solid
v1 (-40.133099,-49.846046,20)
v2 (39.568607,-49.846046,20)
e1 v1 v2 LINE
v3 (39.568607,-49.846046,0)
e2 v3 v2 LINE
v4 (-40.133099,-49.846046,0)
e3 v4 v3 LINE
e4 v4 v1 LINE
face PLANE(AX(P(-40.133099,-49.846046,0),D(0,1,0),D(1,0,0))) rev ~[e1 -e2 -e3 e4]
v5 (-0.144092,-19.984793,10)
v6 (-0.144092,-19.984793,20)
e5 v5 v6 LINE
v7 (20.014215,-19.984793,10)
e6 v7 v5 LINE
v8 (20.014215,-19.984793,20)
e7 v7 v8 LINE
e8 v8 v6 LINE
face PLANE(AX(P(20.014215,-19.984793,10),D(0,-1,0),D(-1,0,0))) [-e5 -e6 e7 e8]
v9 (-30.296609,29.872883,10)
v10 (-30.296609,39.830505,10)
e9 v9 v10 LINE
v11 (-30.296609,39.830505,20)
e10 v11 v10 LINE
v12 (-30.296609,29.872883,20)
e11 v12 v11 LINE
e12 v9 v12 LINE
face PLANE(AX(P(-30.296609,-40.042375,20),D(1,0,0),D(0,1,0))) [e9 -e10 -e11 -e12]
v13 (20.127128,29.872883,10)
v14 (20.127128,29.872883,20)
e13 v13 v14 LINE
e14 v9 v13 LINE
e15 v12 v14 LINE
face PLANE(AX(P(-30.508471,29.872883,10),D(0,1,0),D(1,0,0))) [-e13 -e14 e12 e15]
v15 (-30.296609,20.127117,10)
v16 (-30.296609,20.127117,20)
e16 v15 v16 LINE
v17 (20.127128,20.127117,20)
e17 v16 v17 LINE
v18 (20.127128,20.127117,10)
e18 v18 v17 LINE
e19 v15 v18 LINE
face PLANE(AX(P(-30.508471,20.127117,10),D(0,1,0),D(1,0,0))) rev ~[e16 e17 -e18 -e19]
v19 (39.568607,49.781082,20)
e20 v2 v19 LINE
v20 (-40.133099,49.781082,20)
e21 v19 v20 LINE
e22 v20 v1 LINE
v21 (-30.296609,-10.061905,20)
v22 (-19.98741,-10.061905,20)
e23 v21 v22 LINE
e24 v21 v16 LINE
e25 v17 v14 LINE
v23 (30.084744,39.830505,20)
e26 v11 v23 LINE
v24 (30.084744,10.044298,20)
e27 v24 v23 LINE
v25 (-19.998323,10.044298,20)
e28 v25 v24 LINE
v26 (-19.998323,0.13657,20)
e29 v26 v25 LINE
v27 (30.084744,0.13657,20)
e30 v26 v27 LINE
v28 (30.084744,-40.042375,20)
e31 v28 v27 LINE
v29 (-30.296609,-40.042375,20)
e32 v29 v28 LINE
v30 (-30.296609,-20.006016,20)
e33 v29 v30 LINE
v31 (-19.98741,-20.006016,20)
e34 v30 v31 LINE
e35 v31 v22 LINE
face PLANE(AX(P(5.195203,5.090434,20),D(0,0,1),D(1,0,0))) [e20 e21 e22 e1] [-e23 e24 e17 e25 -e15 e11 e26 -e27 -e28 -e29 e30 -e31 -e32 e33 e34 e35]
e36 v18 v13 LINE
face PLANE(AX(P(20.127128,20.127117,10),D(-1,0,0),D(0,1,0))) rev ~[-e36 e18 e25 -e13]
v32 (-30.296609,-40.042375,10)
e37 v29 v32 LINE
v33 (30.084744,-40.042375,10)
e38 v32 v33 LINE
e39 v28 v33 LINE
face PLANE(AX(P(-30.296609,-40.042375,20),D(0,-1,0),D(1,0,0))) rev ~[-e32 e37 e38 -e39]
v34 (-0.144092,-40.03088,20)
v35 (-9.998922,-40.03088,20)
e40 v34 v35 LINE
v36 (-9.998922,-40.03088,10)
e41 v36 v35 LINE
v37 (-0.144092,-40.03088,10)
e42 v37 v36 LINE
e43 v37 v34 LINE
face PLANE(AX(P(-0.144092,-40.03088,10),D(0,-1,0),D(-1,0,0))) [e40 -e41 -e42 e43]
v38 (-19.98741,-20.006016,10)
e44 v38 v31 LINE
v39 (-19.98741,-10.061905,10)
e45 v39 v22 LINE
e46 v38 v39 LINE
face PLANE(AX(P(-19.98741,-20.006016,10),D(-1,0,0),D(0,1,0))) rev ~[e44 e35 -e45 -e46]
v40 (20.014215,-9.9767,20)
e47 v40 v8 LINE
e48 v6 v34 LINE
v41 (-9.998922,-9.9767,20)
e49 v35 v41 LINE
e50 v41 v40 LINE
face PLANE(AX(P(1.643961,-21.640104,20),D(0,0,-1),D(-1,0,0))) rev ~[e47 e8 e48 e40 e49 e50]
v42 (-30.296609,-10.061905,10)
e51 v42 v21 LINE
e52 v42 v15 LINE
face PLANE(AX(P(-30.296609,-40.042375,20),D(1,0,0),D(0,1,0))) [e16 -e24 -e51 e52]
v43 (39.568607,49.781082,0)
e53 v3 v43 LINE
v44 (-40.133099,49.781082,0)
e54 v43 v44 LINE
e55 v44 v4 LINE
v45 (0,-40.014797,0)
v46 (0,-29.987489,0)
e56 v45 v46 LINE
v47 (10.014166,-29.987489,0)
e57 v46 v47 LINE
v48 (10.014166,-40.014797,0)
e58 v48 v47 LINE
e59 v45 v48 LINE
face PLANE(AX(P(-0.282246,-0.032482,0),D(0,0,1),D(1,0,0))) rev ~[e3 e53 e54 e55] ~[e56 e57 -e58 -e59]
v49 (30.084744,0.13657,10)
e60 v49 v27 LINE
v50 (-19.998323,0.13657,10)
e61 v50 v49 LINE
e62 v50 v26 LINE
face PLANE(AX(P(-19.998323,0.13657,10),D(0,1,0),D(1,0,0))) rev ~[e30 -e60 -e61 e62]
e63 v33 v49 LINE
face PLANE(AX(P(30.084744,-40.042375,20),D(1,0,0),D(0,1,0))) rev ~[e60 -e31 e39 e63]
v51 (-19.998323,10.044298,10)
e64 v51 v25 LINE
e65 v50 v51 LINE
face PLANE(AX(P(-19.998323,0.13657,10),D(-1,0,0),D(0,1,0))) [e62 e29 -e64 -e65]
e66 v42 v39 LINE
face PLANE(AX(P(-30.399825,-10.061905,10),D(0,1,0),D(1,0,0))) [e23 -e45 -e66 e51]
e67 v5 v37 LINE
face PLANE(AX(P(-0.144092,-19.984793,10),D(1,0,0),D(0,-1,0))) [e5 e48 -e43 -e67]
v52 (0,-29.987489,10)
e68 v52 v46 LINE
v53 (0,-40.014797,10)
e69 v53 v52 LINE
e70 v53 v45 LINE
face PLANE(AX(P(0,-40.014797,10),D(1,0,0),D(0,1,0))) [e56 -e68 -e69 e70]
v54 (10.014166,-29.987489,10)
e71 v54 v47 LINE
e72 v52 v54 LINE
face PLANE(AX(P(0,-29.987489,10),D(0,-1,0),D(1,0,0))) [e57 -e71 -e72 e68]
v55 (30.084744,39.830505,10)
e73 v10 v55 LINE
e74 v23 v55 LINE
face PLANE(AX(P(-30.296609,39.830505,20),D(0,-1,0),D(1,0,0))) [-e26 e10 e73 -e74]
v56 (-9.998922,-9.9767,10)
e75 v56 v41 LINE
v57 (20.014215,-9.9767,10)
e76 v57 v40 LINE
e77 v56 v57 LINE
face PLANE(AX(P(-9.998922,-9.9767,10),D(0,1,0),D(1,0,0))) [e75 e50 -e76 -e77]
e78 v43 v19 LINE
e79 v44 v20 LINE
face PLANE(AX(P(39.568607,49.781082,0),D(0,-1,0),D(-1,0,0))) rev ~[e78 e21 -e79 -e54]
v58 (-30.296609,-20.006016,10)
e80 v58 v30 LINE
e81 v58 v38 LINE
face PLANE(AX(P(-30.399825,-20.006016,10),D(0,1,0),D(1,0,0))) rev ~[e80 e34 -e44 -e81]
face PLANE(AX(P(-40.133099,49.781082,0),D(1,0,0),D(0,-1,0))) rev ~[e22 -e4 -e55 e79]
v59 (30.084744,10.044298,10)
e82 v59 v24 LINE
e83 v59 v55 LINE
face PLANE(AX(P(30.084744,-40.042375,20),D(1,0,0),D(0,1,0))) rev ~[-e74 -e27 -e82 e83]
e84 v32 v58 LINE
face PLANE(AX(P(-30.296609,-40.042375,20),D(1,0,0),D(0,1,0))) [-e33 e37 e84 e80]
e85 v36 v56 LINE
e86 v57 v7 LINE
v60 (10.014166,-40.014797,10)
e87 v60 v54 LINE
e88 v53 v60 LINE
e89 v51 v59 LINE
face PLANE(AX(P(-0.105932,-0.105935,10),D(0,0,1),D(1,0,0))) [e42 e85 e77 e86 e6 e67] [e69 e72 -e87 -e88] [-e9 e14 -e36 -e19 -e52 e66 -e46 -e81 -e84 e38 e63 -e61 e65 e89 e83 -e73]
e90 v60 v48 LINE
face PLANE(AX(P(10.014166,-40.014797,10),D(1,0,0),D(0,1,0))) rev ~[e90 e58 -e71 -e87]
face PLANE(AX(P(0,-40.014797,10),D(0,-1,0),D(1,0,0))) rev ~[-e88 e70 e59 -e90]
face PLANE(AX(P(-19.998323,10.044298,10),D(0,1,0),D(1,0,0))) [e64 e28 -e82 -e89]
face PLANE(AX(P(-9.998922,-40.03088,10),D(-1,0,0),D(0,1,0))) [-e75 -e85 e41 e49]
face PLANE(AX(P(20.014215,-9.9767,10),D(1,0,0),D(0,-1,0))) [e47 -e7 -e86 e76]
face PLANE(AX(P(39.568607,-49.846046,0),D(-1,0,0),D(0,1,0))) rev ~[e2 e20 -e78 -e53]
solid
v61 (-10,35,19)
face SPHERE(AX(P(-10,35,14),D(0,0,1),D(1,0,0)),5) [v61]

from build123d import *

# Parameters (mm, degrees)
PAD_DEPTH       = 20
SKETCH001_W     = 60.381353
SKETCH001_H     = 79.872879
POCKET_DEPTH    = 10
SKETCH002_W     = 50.635599
SKETCH002_H     = 9.745766
PAD001_DEPTH    = 10
SKETCH003_W     = 50.387052
SKETCH003_H     = 9.907728
PAD002_DEPTH    = 10
SKETCH004_W     = 10.412415
SKETCH004_H     = 9.944111
PAD003_DEPTH    = 10
PAD004_DEPTH    = 10
SKETCH006_W     = 10.014166
SKETCH006_H     = 10.027307
POCKET001_DEPTH = 10.001


with BuildPart() as body:
    # Sketch → Pad (new body)
    with BuildSketch(Plane.XY):
        Polygon((0, 49.781082), (-40.133099, 49.781082), (-40.133099, -49.846046), (39.568607, -49.846046), (39.568607, 49.781082), align=None)
    extrude(amount=PAD_DEPTH)

    # Sketch001 (on Face7 of Pad) → Pocket (cut)
    with BuildSketch(Plane.XY.offset(20)):
        with Locations((-0.105932, -0.105935)):
            Rectangle(SKETCH001_W, SKETCH001_H)
    extrude(amount=-POCKET_DEPTH, mode=Mode.SUBTRACT)

    # Sketch002 (on Face12 of Pocket) → Pad001 (join)
    with BuildSketch(Plane.XY.offset(10)):
        with Locations((-5.190672, 25)):
            Rectangle(SKETCH002_W, SKETCH002_H)
    extrude(amount=PAD001_DEPTH)

    # Sketch003 (on Face15 of Pad001) → Pad002 (join)
    with BuildSketch(Plane.XY.offset(10)):
        with Locations((5.195203, 5.090434)):
            Rectangle(SKETCH003_W, SKETCH003_H)
    extrude(amount=PAD002_DEPTH)

    # Sketch004 (on Face17 of Pad002) → Pad003 (join)
    with BuildSketch(Plane.XY.offset(10)):
        with Locations((-25.193618, -15.03396)):
            Rectangle(SKETCH004_W, SKETCH004_H)
    extrude(amount=PAD003_DEPTH)

    # Sketch005 (on Face19 of Pad003) → Pad004 (join)
    with BuildSketch(Plane.XY.offset(10)):
        Polygon((-9.998922, -40.03088), (-9.998922, -9.9767), (20.014215, -9.9767), (20.014215, -19.984793), (-0.144092, -19.984793), (-0.144092, -40.03088), align=None)
    extrude(amount=PAD004_DEPTH)

    # Sketch006 (on Face19 of Pad004) → Pocket001 (cut, through all)
    with BuildSketch(Plane.XY.offset(10)):
        with Locations((5.007083, -35.001143)):
            Rectangle(SKETCH006_W, SKETCH006_H)
    extrude(amount=-POCKET001_DEPTH, mode=Mode.SUBTRACT)


with BuildPart() as esfera:
    # Sphere → Sphere (revolve)
    with BuildSketch(Plane(origin=(-10, 35, 14), x_dir=(1, 0, 0), z_dir=(0, -1, 0))):
        with BuildLine():
            ThreePointArc((0, -5), (5, 0), (0, 5))
            Line((0, 5), (0, -5))
        make_face()
    revolve(axis=Axis((-10, 35, 14), (0, 0, 1)))


solid = Compound([body.part, esfera.part])
